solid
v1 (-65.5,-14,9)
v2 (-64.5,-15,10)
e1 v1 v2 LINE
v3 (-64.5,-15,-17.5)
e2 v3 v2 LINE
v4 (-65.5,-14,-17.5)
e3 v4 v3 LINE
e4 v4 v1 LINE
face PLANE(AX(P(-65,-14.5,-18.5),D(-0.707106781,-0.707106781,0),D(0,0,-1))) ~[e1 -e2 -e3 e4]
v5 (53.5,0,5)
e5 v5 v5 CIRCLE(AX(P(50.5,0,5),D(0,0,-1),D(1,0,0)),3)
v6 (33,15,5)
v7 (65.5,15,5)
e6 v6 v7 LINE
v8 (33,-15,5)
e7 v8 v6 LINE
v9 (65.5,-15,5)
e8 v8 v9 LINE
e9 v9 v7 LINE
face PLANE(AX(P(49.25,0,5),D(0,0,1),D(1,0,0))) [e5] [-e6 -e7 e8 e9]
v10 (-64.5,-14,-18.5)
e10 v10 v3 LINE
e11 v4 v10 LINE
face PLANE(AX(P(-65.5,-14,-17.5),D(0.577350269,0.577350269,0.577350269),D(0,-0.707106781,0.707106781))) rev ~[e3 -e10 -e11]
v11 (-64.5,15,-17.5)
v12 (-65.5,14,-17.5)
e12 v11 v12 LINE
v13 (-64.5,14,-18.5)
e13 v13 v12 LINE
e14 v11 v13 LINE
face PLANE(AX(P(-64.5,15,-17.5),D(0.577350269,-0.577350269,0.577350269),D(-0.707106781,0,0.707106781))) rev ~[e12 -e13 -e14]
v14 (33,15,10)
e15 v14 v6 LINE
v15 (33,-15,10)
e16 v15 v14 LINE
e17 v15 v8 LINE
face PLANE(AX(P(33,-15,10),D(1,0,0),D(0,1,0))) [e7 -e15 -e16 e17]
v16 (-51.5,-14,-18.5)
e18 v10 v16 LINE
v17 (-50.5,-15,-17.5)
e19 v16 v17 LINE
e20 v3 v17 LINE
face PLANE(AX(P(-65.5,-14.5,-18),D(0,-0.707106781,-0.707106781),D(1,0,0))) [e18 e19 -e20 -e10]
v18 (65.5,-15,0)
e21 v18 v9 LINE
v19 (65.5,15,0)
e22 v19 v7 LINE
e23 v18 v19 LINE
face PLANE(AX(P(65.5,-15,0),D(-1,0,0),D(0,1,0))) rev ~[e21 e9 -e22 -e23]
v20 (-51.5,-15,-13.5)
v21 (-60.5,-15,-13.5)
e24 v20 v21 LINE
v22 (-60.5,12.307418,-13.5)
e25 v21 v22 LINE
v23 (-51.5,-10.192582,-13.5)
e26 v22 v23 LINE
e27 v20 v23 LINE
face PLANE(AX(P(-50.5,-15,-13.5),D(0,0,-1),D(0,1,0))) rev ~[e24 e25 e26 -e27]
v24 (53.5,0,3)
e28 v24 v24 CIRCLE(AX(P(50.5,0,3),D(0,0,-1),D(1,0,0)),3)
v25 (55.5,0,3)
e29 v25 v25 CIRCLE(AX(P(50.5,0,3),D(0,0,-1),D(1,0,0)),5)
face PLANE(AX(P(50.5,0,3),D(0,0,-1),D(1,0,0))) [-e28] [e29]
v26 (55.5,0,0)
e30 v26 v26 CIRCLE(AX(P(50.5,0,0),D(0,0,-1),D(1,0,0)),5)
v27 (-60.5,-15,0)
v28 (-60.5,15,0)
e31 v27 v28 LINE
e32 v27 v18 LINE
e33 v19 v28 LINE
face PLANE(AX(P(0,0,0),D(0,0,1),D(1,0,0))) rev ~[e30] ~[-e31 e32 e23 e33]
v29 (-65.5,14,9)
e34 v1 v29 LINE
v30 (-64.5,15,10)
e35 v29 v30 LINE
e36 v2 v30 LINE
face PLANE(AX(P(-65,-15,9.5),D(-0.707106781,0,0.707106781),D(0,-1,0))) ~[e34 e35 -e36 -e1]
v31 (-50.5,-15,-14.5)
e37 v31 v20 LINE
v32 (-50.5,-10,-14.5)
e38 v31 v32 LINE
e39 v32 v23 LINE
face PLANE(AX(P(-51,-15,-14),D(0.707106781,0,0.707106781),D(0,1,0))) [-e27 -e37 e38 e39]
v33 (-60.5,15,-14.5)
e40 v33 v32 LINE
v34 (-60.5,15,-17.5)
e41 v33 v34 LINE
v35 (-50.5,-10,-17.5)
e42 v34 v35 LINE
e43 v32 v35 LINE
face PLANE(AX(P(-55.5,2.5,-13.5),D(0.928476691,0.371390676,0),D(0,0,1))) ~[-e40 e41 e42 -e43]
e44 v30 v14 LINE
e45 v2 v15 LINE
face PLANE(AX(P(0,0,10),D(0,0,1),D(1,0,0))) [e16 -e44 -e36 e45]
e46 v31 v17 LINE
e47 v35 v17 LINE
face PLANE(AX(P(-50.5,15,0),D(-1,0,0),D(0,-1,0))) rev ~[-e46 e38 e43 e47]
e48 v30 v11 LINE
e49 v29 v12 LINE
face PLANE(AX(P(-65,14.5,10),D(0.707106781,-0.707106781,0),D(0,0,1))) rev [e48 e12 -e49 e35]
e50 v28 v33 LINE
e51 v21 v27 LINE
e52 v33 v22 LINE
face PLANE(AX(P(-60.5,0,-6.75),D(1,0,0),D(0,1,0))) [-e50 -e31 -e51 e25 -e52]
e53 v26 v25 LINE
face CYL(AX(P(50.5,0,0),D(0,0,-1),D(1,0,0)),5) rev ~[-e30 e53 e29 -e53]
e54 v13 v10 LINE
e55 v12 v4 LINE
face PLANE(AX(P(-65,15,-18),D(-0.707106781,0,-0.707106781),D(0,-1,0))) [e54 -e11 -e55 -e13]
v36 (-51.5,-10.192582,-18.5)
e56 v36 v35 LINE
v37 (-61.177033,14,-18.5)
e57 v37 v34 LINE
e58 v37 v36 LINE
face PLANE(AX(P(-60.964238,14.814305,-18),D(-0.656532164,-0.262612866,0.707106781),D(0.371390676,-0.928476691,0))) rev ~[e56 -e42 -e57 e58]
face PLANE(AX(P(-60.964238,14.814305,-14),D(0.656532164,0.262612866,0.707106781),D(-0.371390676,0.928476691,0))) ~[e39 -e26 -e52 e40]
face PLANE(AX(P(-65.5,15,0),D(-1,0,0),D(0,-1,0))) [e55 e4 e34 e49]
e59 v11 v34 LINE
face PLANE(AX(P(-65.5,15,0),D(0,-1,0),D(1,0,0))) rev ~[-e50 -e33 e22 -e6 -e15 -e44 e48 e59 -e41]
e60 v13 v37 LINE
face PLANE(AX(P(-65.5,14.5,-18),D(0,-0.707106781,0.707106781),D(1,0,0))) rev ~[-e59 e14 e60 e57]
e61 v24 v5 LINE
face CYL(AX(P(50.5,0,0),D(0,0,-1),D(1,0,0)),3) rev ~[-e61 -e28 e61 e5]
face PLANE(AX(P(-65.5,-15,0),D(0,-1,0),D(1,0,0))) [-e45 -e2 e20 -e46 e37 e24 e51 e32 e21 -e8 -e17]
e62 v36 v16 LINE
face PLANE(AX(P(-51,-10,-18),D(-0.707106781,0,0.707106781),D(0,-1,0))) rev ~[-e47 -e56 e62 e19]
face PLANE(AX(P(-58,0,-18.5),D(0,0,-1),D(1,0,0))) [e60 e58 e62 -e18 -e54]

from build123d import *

# Parameters (mm, degrees)
SKETCH033_W     = 131
SKETCH033_H     = 30
PAD012_DEPTH    = 10
SKETCH032_W     = 15
SKETCH032_H     = 30
PAD011_DEPTH    = 18.5
SKETCH030_W     = 30
SKETCH030_H     = 13.5
POCKET020_DEPTH = 10
SKETCH031_R     = 3
POCKET021_DEPTH = 10.001
SKETCH034_W     = 32.5
SKETCH034_H     = 30
POCKET022_DEPTH = 5
SKETCH040_R     = 5
POCKET028_DEPTH = 3
CHAMFER_SIZE2   = 25
CHAMFER_SIZE    = 10
CHAMFER010_SIZE = 1


with BuildPart() as part:
    # Sketch033 → Pad012 (new body)
    with BuildSketch(Plane.XY):
        Rectangle(SKETCH033_W, SKETCH033_H)
    extrude(amount=PAD012_DEPTH)

    # Sketch032 (on Face5 of Pad012) → Pad011 (join)
    with BuildSketch(Plane(origin=(0, 0, 0), x_dir=(1, 0, 0), z_dir=(0, 0, -1))):
        with Locations((-58, 0)):
            Rectangle(SKETCH032_W, SKETCH032_H)
    extrude(amount=PAD011_DEPTH)

    # Sketch030 (on Face9 of Pad011) → Pocket020 (cut)
    with BuildSketch(Plane.YZ.offset(-50.5)):
        with Locations((0, -6.75)):
            Rectangle(SKETCH030_W, SKETCH030_H)
    extrude(amount=-POCKET020_DEPTH, mode=Mode.SUBTRACT)

    # Sketch031 (on Face5 of Pocket020) → Pocket021 (cut, through all)
    with BuildSketch(Plane(origin=(0, 0, 0), x_dir=(1, 0, 0), z_dir=(0, 0, -1))):
        with Locations((50.5, 0)):
            Circle(SKETCH031_R)
    extrude(amount=-POCKET021_DEPTH, mode=Mode.SUBTRACT)

    # Sketch034 → Pocket022 (cut)
    with BuildSketch(Plane.XY.offset(10)):
        with Locations((49.25, 0)):
            Rectangle(SKETCH034_W, SKETCH034_H)
    extrude(amount=-POCKET022_DEPTH, mode=Mode.SUBTRACT)

    # Sketch040 (on Face4 of Pocket022) → Pocket028 (cut)
    with BuildSketch(Plane(origin=(0, 0, 0), x_dir=(1, 0, 0), z_dir=(0, 0, -1))):
        with Locations((50.5, 0)):
            Circle(SKETCH040_R)
    extrude(amount=-POCKET028_DEPTH, mode=Mode.SUBTRACT)

    # Chamfer
    chamfer_edges = [part.edges().sort_by_distance(p)[0] for p in [
        (-50.5, 15, -16),
    ]]
    chamfer_side = part.faces().sort_by_distance((-55.5, 15, -13.73817))[0]
    chamfer(chamfer_edges, length=CHAMFER_SIZE, length2=CHAMFER_SIZE2, reference=chamfer_side)

    # Chamfer010
    chamfer010_edges = [part.edges().sort_by_distance(p)[0] for p in [
        (-55.5, 2.5, -18.5),
        (-55.5, 2.5, -13.5),
        (-50.5, -12.5, -18.5),
        (-50.5, -12.5, -13.5),
        (-58, -15, -18.5),
        (-65.5, 0, -18.5),
        (-63, 15, -18.5),
        (-65.5, -15, -9.25),
        (-65.5, -15, 5),
        (-65.5, 0, 10),
        (-65.5, 15, 5),
        (-65.5, 15, -9.25),
    ]]
    chamfer(chamfer010_edges, length=CHAMFER010_SIZE)


solid = part.part
